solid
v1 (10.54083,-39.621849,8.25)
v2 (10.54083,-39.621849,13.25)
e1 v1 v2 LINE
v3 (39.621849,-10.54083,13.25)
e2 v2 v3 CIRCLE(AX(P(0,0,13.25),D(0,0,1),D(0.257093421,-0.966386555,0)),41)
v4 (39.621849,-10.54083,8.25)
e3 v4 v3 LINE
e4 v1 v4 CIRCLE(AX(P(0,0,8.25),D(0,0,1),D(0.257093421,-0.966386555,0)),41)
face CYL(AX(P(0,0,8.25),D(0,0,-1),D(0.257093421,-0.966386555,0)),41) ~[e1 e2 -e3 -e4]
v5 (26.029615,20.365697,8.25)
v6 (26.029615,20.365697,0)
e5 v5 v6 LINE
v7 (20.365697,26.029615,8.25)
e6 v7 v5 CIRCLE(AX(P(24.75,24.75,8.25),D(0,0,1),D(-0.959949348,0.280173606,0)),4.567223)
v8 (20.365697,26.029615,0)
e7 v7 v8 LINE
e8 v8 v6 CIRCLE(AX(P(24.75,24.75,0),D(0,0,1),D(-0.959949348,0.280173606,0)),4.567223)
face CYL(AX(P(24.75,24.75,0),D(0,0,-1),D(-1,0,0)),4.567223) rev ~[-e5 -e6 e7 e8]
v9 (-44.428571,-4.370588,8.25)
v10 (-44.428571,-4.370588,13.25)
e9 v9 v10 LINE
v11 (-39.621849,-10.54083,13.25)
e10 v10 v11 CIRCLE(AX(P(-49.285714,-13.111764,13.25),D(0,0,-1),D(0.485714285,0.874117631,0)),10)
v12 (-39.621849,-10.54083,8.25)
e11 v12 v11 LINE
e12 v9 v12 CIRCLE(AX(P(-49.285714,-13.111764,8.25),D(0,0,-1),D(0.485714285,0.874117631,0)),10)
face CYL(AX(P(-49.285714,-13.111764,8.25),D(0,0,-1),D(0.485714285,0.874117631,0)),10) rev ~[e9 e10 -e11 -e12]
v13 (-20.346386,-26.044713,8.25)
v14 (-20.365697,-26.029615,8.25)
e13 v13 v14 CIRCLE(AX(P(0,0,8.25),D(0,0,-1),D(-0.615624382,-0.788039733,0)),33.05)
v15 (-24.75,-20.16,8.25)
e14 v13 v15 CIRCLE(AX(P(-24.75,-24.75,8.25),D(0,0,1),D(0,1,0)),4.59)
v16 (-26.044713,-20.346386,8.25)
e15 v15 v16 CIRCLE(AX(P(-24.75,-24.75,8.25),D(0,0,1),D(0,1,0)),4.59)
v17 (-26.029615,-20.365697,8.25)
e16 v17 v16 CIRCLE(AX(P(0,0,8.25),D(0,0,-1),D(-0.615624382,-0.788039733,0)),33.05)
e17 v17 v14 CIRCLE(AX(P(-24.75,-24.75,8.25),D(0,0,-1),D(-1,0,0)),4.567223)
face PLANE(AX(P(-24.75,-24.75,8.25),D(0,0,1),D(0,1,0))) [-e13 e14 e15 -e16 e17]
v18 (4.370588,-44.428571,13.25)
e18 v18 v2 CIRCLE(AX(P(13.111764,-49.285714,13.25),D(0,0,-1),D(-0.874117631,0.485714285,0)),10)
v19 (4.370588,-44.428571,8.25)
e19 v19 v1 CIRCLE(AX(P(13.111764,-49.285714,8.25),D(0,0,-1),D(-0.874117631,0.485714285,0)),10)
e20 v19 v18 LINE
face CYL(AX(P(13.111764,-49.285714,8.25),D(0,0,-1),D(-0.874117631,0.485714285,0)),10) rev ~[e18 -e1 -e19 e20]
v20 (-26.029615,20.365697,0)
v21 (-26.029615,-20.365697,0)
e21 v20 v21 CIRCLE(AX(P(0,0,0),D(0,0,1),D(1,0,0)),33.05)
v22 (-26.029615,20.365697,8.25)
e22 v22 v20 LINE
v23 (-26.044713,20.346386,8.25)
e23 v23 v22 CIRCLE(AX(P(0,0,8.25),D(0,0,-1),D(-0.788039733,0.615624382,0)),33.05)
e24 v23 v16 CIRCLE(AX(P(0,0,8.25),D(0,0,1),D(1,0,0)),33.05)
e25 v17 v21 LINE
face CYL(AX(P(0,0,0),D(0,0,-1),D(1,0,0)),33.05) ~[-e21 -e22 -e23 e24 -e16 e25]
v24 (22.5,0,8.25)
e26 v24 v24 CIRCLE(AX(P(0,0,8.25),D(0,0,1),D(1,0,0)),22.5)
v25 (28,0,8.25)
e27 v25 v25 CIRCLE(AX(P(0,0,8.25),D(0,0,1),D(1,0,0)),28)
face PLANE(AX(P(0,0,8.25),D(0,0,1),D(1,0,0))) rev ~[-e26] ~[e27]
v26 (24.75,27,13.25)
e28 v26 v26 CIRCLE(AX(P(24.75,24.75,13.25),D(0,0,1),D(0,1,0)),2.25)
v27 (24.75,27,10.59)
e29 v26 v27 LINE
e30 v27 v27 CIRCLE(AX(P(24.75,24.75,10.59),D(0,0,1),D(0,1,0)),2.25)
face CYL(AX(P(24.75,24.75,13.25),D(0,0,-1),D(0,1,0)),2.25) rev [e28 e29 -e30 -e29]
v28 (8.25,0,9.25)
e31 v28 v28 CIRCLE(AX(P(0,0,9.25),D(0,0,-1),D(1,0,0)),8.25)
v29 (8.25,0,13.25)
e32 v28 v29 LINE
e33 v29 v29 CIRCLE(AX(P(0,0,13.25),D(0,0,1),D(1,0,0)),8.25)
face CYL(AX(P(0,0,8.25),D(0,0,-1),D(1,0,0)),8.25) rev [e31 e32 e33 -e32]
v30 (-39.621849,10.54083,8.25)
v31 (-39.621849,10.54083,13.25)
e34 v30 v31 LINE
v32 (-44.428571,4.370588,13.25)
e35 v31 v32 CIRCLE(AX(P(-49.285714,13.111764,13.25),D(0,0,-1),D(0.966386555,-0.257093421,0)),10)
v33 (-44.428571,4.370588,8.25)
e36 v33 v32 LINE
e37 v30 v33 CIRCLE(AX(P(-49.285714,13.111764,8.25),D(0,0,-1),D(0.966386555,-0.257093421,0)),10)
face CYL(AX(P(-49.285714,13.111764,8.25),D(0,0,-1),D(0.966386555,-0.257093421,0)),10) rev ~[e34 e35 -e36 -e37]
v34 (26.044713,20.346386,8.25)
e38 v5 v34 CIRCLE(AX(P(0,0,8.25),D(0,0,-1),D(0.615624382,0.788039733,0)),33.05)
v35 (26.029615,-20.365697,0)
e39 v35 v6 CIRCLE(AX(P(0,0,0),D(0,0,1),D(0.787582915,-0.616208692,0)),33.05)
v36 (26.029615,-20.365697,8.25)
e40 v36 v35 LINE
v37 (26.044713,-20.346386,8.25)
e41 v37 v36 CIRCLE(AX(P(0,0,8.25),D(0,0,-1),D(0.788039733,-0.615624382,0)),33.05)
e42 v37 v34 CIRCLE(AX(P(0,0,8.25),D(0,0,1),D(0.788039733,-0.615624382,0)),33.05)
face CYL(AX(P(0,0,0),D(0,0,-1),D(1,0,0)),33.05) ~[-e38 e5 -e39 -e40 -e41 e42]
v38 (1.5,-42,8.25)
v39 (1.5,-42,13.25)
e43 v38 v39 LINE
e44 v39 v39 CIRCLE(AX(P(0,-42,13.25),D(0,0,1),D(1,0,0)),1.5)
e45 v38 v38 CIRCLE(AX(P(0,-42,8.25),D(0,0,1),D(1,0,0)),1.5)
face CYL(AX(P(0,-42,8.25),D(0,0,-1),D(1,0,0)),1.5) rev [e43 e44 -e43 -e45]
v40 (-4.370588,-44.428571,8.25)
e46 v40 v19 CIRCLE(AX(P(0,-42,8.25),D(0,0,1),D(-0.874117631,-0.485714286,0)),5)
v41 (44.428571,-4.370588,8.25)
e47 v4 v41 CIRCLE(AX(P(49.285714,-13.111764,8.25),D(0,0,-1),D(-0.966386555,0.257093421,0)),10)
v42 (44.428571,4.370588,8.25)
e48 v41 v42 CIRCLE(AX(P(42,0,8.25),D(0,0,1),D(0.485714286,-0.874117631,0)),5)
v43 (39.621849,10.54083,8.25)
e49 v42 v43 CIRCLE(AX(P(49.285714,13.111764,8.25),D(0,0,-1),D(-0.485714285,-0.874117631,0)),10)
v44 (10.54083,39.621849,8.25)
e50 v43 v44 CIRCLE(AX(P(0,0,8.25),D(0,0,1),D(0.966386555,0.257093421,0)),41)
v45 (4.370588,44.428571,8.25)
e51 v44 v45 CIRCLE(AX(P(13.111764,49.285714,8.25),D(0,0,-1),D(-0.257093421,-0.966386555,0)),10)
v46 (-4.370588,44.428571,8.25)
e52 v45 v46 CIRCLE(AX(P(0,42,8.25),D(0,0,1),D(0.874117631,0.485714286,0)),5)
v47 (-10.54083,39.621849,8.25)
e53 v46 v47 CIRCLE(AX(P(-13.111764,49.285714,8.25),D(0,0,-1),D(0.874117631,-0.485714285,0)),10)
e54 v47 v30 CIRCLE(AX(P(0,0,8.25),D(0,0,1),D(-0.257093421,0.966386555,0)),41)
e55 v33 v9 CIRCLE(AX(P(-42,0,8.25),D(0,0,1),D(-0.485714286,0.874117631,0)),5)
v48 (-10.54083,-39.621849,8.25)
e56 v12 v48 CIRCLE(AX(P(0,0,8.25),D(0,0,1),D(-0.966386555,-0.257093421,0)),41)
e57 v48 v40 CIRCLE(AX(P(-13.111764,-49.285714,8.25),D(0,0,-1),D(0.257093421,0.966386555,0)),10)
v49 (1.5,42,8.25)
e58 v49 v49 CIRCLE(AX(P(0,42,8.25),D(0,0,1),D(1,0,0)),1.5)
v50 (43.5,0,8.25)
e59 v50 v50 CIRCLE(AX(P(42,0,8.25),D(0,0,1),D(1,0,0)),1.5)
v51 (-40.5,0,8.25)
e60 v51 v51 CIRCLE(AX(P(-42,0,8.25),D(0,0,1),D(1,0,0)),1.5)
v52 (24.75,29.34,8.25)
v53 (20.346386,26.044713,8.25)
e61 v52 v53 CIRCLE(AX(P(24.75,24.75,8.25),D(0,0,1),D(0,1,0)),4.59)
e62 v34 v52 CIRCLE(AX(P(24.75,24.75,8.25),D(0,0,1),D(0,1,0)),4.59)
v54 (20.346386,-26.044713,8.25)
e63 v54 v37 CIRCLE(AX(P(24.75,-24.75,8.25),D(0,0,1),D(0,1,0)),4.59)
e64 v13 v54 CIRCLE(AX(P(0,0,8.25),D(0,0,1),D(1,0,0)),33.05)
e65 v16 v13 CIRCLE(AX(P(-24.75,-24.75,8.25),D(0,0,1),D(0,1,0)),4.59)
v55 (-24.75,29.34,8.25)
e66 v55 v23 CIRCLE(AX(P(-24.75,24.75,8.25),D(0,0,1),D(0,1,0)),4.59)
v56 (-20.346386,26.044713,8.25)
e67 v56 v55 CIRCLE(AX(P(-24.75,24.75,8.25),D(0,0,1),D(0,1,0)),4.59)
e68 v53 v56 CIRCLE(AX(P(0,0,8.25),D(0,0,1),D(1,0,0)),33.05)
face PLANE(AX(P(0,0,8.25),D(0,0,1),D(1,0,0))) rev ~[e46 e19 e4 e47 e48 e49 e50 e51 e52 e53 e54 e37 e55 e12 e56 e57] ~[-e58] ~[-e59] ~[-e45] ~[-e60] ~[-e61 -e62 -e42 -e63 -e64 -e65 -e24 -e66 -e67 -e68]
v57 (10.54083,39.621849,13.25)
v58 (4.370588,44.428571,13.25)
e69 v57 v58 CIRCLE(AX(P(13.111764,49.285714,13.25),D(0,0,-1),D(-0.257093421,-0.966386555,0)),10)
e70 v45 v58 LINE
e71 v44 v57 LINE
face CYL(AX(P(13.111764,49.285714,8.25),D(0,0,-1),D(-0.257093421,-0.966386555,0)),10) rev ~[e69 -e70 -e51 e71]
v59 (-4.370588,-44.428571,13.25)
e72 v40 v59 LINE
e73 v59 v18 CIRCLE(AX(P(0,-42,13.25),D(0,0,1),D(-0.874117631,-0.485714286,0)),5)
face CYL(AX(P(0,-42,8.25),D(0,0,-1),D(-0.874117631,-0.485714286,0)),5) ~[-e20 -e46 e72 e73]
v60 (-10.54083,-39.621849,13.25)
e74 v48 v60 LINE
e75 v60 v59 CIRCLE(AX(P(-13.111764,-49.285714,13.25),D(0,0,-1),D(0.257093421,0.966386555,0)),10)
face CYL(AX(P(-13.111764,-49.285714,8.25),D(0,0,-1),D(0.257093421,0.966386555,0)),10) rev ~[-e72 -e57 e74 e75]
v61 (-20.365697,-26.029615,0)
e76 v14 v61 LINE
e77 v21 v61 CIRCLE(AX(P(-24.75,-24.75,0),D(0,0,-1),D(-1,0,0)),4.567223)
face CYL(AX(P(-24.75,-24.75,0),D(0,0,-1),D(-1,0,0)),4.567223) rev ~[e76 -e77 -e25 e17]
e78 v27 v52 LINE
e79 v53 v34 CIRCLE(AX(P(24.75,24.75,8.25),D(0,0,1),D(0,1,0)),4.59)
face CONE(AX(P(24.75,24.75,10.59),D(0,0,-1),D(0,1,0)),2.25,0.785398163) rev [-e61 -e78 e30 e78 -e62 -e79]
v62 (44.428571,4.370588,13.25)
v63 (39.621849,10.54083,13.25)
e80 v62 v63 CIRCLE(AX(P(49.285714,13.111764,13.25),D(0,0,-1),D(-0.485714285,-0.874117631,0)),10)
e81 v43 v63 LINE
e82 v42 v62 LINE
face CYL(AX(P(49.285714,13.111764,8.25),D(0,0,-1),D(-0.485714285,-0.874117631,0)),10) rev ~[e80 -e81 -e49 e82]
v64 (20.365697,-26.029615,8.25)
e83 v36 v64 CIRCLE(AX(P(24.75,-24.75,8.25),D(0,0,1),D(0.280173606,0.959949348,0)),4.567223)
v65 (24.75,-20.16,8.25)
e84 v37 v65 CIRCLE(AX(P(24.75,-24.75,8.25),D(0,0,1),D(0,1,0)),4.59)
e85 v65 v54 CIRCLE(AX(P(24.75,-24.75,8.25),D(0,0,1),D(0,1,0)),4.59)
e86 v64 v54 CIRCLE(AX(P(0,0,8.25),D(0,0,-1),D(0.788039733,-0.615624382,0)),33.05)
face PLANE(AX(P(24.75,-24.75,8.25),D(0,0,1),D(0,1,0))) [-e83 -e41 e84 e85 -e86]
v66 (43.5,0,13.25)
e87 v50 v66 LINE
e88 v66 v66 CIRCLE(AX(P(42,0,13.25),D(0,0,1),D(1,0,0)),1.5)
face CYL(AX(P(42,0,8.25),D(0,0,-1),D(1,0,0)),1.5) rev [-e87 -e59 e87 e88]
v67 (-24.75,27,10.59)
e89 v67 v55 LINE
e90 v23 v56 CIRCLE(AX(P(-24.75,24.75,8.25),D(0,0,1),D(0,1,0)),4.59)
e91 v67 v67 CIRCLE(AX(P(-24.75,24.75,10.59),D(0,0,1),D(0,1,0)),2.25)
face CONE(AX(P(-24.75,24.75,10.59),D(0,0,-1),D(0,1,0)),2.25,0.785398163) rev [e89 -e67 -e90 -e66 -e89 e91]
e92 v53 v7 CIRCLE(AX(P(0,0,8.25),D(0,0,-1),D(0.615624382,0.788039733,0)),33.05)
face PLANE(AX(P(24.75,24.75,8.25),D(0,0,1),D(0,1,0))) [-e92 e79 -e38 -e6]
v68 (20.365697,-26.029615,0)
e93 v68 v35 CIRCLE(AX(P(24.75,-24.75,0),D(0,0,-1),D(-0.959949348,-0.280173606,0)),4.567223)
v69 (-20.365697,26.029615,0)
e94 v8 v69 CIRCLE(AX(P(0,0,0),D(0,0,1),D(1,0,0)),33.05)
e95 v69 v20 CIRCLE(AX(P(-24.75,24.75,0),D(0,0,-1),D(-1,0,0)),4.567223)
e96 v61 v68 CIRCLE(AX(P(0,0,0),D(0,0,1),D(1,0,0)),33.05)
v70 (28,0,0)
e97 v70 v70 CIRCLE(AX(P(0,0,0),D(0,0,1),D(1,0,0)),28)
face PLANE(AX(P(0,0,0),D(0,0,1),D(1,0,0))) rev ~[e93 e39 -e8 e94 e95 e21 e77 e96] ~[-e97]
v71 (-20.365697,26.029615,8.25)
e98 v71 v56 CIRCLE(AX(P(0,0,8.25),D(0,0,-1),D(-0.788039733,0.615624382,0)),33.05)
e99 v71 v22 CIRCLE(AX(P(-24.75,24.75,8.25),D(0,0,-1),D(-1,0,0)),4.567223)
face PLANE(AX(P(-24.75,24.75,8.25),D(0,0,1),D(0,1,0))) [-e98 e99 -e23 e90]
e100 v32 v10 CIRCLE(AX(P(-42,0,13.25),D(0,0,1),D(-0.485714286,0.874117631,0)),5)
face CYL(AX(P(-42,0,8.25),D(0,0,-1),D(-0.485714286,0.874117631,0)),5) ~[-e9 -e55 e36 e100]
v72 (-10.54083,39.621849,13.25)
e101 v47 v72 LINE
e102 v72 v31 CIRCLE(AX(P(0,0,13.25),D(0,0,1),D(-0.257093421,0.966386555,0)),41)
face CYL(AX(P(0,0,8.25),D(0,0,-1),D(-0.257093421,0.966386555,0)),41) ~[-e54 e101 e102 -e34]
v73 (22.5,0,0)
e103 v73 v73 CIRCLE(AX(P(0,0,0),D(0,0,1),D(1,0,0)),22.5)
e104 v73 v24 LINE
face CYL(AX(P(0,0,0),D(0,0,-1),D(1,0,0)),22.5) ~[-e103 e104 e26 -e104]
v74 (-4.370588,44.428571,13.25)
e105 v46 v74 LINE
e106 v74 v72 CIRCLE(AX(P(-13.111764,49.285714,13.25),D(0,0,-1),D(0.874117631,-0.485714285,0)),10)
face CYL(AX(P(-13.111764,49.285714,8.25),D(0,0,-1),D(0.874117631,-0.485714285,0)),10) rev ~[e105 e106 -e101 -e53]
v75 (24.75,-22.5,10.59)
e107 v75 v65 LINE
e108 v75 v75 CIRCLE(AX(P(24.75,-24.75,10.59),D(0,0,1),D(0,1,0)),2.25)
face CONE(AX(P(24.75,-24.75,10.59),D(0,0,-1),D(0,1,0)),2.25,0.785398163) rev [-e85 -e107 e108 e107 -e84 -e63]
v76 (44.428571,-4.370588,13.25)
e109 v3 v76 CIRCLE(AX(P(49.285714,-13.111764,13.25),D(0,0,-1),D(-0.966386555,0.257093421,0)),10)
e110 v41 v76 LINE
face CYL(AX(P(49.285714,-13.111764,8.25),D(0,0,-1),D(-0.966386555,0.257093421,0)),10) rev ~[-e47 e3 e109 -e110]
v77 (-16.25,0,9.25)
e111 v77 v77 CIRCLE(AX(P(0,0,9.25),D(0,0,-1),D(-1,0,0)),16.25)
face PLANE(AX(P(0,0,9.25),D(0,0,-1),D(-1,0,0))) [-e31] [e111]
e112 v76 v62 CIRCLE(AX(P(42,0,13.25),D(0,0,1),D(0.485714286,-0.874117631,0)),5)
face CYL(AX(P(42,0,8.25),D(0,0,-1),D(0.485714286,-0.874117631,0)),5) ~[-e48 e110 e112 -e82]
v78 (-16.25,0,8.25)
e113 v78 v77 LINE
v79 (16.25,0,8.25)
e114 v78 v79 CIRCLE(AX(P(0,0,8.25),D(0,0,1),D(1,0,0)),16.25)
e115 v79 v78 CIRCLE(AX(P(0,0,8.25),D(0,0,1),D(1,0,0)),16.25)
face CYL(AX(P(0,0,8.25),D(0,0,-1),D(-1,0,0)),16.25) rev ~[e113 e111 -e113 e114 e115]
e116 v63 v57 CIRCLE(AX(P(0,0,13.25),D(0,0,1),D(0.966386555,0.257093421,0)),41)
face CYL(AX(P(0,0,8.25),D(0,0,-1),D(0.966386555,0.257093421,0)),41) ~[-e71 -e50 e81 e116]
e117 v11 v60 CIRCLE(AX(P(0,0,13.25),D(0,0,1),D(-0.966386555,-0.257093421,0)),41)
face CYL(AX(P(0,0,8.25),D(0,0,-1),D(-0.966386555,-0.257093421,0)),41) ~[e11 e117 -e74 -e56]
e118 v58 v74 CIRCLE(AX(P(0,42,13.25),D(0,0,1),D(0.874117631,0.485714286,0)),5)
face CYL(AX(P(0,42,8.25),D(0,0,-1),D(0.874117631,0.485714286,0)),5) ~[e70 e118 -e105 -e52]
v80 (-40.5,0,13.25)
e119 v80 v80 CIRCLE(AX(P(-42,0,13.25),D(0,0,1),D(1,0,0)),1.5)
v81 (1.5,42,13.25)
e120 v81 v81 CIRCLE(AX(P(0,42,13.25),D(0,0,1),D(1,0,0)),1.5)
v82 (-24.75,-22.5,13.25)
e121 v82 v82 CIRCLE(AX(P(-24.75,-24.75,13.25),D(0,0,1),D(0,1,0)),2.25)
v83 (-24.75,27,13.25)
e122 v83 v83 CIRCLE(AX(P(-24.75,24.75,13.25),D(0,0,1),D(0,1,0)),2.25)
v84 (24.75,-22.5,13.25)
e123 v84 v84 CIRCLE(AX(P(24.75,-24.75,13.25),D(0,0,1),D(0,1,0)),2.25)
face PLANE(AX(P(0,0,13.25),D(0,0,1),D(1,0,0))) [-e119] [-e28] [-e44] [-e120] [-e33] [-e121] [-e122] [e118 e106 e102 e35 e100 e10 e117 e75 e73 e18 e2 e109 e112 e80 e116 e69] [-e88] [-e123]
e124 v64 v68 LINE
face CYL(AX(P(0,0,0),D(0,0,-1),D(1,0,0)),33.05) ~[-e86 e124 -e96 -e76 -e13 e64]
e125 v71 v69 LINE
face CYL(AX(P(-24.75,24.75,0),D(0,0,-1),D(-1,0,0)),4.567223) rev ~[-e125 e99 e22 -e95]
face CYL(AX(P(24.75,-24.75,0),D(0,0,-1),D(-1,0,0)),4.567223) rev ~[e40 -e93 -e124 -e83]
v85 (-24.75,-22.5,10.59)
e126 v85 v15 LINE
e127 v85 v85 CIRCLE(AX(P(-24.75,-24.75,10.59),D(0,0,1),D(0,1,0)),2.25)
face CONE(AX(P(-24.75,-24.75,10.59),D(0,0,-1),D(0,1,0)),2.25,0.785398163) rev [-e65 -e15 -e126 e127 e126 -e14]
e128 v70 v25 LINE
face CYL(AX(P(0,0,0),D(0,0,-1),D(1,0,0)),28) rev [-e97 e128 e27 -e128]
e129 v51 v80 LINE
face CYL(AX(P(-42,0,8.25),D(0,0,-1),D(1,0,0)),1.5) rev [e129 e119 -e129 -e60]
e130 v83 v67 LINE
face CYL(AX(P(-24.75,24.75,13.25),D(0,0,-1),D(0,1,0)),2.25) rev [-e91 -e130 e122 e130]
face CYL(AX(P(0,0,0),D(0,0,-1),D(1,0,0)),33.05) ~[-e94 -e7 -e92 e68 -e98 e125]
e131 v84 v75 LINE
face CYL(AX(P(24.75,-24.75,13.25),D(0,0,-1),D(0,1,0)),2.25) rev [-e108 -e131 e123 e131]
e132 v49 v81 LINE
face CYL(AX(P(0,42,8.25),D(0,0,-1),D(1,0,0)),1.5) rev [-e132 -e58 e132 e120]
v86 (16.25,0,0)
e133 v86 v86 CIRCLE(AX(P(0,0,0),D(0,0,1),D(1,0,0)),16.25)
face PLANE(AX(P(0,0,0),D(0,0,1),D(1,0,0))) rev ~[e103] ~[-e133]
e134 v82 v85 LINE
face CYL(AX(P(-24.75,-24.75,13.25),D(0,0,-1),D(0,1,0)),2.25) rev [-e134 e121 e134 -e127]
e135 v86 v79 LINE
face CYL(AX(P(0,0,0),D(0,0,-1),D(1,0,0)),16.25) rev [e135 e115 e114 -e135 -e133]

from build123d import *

# Parameters (mm, degrees)
IZIM1_R                                    = 22.5
IZIM1_R_2                                  = 16.25
Y_KSEKLIK_EKSTR_ZYON1_DEPTH                = 8.25
IZIM1_R_3                                  = 33.05
IZIM1_R_4                                  = 28
Y_KSEKLIK_EKSTR_ZYON1_2_DEPTH              = 8.25
IZIM2_R                                    = 2
IZIM2_R_2                                  = 1.5
IZIM2_R_3                                  = 8.25
Y_KSEKLIK_EKSTR_ZYON2_DEPTH                = 5
M4_ALT_GEN_ALYAN_HAV_A_BA_L_VIDA_I_2_COUNT = 2
M4_ALT_GEN_ALYAN_HAV_A_BA_L_VIDA_I_2_PITCH = 49.5
M4_ALT_GEN_ALYAN_HAV_A_BA_L_VIDA_I_3_COUNT = 2
M4_ALT_GEN_ALYAN_HAV_A_BA_L_VIDA_I_3_PITCH = 70.003571337
M4_ALT_GEN_ALYAN_HAV_A_BA_L_VIDA_I_4_COUNT = 2
M4_ALT_GEN_ALYAN_HAV_A_BA_L_VIDA_I_4_PITCH = 49.5
IZIM7_R                                    = 16.25
KES_EKSTR_ZYON2_DEPTH                      = 1
IZIM8_R                                    = 4.567222976
KES_EKSTR_ZYON3_DEPTH                      = 8.25


with BuildPart() as part:
    # Çizim1 → Yükseklik-Ekstrüzyon1 (new body)
    with BuildSketch(Plane.XY):
        Circle(IZIM1_R)
        Circle(IZIM1_R_2, mode=Mode.SUBTRACT)
    extrude(amount=Y_KSEKLIK_EKSTR_ZYON1_DEPTH)



with BuildPart() as body_2:
    # Çizim1 → Y_kseklik-Ekstr_zyon1 2 (new body)
    with BuildSketch(Plane.XY):
        Circle(IZIM1_R_3)
        Circle(IZIM1_R_4, mode=Mode.SUBTRACT)
    extrude(amount=Y_KSEKLIK_EKSTR_ZYON1_2_DEPTH)


with BuildPart() as part_1:
    add(part.part)

    add(body_2.part)  # Yükseklik-Ekstrüzyon2 merges body 2
    # Çizim2 → Yükseklik-Ekstrüzyon2 (add)
    with BuildSketch(Plane.XY.offset(8.25)):
        with BuildLine():
            ThreePointArc((-10.540830255, 39.621848739), (-28.991378029, 28.991378029), (-39.621848739, 10.540830255))
            ThreePointArc((-39.621848739, 10.540830255), (-41.396931543, 6.966269622), (-44.428571429, 4.370588155))
            ThreePointArc((-44.428571429, 4.370588155), (-47, 0), (-44.428571429, -4.370588155))
            ThreePointArc((-44.428571429, -4.370588155), (-41.396931543, -6.966269622), (-39.621848739, -10.540830255))
            ThreePointArc((-39.621848739, -10.540830255), (-28.991378029, -28.991378029), (-10.540830255, -39.621848739))
            ThreePointArc((-10.540830255, -39.621848739), (-6.966269622, -41.396931543), (-4.370588155, -44.428571429))
            ThreePointArc((-4.370588155, -44.428571429), (0, -47), (4.370588155, -44.428571429))
            ThreePointArc((4.370588155, -44.428571429), (6.966269622, -41.396931543), (10.540830255, -39.621848739))
            ThreePointArc((10.540830255, -39.621848739), (28.991378029, -28.991378029), (39.621848739, -10.540830255))
            ThreePointArc((39.621848739, -10.540830255), (41.396931543, -6.966269622), (44.428571429, -4.370588155))
            ThreePointArc((44.428571429, -4.370588155), (47, 0), (44.428571429, 4.370588155))
            ThreePointArc((44.428571429, 4.370588155), (41.396931543, 6.966269622), (39.621848739, 10.540830255))
            ThreePointArc((39.621848739, 10.540830255), (28.991378029, 28.991378029), (10.540830255, 39.621848739))
            ThreePointArc((10.540830255, 39.621848739), (6.966269622, 41.396931543), (4.370588155, 44.428571429))
            ThreePointArc((4.370588155, 44.428571429), (0, 47), (-4.370588155, 44.428571429))
            ThreePointArc((-4.370588155, 44.428571429), (-6.966269622, 41.396931543), (-10.540830255, 39.621848739))
        make_face()
        with Locations(Location((-24.75, 24.75, 0), (0, 0, 302.756106046))):
            Circle(IZIM2_R, mode=Mode.SUBTRACT)
        with Locations(Location((24.75, 24.75, 0), (0, 0, 212.756106046))):
            Circle(IZIM2_R, mode=Mode.SUBTRACT)
        with Locations(Location((24.75, -24.75, 0), (0, 0, 147.243893954))):
            Circle(IZIM2_R, mode=Mode.SUBTRACT)
        with Locations(Location((-24.75, -24.75, 0), (0, 0, 57.243893954))):
            Circle(IZIM2_R, mode=Mode.SUBTRACT)
        with Locations((0, 42)):
            Circle(IZIM2_R_2, mode=Mode.SUBTRACT)
        with Locations((42, 0)):
            Circle(IZIM2_R_2, mode=Mode.SUBTRACT)
        with Locations((0, -42)):
            Circle(IZIM2_R_2, mode=Mode.SUBTRACT)
        with Locations((-42, 0)):
            Circle(IZIM2_R_2, mode=Mode.SUBTRACT)
        Circle(IZIM2_R_3, mode=Mode.SUBTRACT)
    extrude(amount=Y_KSEKLIK_EKSTR_ZYON2_DEPTH)

    # Çizim5 → M4 Altıgen Alyan Havşa Başlı Vida İçin Havşa2 (revolve, cut)
    with BuildSketch(Plane(origin=(24.75, 24.75, 8.25), x_dir=(0, 1, 0), z_dir=(1, 0, 0))):
        Polygon((0, 0), (0, 5), (2.25, 5), (2.25, 2.34), (4.59, 0), align=None)
    m4_alt_gen_alyan_hav_a_ba_l_vida_in_ha = revolve(axis=Axis((24.75, 24.75, 1.9), (0, 0, 1)), mode=Mode.SUBTRACT)

    # M4 Alt_gen Alyan Hav_a Ba_l_ Vida _i 2: M4 Altıgen Alyan Havşa Başlı Vida İçin Havşa2 ×2
    with Locations(*[(-i * M4_ALT_GEN_ALYAN_HAV_A_BA_L_VIDA_I_2_PITCH, 0, 0) for i in range(1, M4_ALT_GEN_ALYAN_HAV_A_BA_L_VIDA_I_2_COUNT)]):
        add(m4_alt_gen_alyan_hav_a_ba_l_vida_in_ha, mode=Mode.SUBTRACT)

    # M4 Alt_gen Alyan Hav_a Ba_l_ Vida _i 3: M4 Altıgen Alyan Havşa Başlı Vida İçin Havşa2 ×2
    with Locations(*[Vector(-0.7071067811865475, -0.7071067811865476, 0) * (i * M4_ALT_GEN_ALYAN_HAV_A_BA_L_VIDA_I_3_PITCH) for i in range(1, M4_ALT_GEN_ALYAN_HAV_A_BA_L_VIDA_I_3_COUNT)]):
        add(m4_alt_gen_alyan_hav_a_ba_l_vida_in_ha, mode=Mode.SUBTRACT)

    # M4 Alt_gen Alyan Hav_a Ba_l_ Vida _i 4: M4 Altıgen Alyan Havşa Başlı Vida İçin Havşa2 ×2
    with Locations(*[(0, -i * M4_ALT_GEN_ALYAN_HAV_A_BA_L_VIDA_I_4_PITCH, 0) for i in range(1, M4_ALT_GEN_ALYAN_HAV_A_BA_L_VIDA_I_4_COUNT)]):
        add(m4_alt_gen_alyan_hav_a_ba_l_vida_in_ha, mode=Mode.SUBTRACT)

    # Çizim7 → Kes-Ekstrüzyon2 (cut)
    with BuildSketch(Plane(origin=(0, 0, 8.25), x_dir=(-1, 0, 0), z_dir=(0, 0, -1))):
        Circle(IZIM7_R)
    extrude(amount=-KES_EKSTR_ZYON2_DEPTH, mode=Mode.SUBTRACT)

    # Çizim8 → Kes-Ekstrüzyon3 (cut)
    with BuildSketch(Plane(origin=(0, 0, 0), x_dir=(-1, 0, 0), z_dir=(0, 0, -1))):
        with Locations((-24.75, 24.75)):
            Circle(IZIM8_R)
        with Locations((24.75, 24.75)):
            Circle(IZIM8_R)
        with Locations((24.75, -24.75)):
            Circle(IZIM8_R)
        with Locations((-24.75, -24.75)):
            Circle(IZIM8_R)
    extrude(amount=-KES_EKSTR_ZYON3_DEPTH, mode=Mode.SUBTRACT)


solid = part_1.part
